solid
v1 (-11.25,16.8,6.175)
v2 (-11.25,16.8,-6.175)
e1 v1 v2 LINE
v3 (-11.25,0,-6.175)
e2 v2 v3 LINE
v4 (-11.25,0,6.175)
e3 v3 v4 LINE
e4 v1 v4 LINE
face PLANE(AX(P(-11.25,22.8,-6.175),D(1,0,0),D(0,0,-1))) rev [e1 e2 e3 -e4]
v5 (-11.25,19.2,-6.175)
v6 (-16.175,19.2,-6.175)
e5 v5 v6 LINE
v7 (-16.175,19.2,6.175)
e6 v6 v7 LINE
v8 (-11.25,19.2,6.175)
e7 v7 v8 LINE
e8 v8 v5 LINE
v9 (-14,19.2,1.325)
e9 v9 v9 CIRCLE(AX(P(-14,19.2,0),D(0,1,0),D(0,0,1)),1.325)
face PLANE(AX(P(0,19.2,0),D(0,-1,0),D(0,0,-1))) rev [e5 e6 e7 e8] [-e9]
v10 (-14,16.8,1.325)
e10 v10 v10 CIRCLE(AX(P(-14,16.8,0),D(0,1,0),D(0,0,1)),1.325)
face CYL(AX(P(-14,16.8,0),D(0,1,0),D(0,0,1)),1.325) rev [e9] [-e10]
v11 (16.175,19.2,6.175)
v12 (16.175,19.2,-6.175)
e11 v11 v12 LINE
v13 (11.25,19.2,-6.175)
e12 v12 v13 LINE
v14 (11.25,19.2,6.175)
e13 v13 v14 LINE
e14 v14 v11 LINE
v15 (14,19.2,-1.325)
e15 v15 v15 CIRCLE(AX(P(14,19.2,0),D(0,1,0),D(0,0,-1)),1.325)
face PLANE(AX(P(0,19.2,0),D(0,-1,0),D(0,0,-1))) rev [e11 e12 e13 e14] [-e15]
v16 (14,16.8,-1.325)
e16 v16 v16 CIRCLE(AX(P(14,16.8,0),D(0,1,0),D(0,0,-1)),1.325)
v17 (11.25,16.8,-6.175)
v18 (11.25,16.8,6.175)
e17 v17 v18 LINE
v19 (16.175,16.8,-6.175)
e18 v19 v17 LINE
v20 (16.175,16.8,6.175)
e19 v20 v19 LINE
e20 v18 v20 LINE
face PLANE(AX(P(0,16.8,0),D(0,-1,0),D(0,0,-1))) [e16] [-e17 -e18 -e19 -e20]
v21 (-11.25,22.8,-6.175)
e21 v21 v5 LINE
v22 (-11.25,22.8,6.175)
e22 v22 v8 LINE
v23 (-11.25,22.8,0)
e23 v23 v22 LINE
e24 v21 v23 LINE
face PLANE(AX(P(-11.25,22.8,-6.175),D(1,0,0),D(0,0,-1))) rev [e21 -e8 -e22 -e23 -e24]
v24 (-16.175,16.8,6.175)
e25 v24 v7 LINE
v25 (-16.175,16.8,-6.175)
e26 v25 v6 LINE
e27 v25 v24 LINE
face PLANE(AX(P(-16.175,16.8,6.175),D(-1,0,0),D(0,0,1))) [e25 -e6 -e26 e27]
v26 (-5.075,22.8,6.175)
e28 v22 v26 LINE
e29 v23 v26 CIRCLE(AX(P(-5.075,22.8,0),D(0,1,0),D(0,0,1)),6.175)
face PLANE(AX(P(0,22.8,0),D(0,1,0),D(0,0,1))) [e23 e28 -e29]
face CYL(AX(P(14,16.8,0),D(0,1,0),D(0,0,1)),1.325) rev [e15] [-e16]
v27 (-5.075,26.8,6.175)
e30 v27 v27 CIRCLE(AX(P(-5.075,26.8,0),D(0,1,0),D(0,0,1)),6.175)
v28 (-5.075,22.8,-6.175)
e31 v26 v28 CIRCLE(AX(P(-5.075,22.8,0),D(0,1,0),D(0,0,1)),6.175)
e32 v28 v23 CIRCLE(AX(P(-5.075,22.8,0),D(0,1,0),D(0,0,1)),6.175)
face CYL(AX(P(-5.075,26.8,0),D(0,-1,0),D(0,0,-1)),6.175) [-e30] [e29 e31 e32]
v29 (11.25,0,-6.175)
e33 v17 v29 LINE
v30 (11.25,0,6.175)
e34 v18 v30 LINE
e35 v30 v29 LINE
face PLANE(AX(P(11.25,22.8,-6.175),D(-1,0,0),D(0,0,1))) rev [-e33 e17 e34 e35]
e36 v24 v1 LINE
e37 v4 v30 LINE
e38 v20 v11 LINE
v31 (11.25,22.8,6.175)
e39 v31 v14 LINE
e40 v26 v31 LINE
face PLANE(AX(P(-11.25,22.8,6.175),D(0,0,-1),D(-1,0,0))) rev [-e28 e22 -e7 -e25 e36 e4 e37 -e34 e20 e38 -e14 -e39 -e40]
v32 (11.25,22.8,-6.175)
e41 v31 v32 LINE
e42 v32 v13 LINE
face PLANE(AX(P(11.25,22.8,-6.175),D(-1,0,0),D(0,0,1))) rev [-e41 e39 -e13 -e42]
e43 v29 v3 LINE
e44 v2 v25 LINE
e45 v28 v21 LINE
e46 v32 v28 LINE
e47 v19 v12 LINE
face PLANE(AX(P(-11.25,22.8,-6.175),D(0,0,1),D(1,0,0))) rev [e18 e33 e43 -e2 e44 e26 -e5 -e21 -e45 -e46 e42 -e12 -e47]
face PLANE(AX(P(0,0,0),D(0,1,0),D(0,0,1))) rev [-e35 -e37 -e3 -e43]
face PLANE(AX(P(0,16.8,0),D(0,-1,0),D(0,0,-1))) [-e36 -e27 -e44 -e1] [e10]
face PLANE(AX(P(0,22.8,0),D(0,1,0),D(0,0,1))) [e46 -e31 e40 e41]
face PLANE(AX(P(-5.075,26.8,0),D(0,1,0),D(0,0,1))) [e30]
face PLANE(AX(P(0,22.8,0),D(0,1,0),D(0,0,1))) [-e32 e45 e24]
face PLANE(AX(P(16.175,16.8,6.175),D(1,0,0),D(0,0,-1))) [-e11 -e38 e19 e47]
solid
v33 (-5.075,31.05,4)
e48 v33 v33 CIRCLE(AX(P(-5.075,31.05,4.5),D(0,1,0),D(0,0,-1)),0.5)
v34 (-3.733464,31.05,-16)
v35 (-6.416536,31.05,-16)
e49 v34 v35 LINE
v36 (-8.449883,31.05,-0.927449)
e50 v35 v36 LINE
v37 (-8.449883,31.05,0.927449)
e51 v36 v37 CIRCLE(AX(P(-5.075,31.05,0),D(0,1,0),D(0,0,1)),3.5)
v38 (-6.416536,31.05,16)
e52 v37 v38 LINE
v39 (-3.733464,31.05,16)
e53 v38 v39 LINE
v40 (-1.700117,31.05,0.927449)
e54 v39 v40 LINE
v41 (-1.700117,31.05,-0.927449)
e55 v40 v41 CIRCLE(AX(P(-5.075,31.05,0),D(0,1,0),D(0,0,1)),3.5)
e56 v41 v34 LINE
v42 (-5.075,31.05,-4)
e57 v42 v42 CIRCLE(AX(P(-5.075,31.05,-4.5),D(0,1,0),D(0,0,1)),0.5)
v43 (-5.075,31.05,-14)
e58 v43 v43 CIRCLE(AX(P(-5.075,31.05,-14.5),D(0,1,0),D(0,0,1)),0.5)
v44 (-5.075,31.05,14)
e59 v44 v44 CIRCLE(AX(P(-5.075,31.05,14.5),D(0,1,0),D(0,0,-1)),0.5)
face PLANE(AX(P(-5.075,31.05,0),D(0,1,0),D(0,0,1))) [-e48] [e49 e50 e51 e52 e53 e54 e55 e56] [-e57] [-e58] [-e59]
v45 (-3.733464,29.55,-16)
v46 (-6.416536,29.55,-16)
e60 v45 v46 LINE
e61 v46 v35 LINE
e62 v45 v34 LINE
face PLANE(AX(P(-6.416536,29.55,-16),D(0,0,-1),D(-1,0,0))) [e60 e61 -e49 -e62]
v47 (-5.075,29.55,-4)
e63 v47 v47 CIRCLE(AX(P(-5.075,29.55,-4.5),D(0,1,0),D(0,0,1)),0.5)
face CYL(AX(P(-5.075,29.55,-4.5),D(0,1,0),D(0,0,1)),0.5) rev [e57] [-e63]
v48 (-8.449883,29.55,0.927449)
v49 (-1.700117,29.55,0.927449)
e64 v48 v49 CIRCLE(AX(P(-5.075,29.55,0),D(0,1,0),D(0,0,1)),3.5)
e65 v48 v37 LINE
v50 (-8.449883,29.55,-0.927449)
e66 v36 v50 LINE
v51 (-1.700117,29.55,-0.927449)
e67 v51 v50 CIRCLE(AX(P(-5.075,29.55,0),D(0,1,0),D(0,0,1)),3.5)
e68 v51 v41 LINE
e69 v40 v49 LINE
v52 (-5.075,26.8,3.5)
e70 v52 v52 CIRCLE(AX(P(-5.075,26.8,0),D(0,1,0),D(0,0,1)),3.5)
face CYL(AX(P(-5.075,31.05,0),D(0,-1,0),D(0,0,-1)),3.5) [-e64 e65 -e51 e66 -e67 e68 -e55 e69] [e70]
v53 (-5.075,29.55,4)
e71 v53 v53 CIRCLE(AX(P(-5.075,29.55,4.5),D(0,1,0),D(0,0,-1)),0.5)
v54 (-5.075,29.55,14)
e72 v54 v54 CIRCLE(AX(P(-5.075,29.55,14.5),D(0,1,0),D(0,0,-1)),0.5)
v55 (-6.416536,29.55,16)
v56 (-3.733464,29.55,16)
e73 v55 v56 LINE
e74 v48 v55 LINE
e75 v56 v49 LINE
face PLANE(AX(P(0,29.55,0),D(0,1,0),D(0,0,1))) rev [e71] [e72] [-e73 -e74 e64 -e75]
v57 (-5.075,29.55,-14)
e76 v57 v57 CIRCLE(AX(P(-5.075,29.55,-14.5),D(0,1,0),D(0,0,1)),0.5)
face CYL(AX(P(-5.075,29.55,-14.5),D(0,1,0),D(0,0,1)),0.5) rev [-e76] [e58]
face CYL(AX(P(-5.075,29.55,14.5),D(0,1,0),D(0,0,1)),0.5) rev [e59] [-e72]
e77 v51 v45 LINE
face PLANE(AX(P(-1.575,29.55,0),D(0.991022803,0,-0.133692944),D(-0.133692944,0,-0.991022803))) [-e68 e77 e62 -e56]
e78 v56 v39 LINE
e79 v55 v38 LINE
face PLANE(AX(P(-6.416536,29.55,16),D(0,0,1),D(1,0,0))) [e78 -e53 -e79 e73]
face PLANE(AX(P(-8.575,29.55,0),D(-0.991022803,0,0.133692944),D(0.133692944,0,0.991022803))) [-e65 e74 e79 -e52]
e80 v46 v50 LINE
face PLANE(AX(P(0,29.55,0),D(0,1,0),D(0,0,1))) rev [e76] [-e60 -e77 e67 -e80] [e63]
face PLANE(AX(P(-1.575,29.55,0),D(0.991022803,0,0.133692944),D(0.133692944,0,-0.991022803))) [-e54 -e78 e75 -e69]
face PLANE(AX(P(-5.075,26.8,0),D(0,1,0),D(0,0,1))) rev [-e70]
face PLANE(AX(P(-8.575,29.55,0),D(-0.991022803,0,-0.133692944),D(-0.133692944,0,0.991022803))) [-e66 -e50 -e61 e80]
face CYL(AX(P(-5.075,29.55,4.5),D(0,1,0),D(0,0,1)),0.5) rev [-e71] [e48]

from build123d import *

# Parameters (mm, degrees)
SKETCH_1_W      = 22.5
SKETCH_1_H      = 12.35
EXTRUDE_1_DEPTH = 22.8
EXTRUDE_START   = -3.6
SKETCH_2_W      = 32.35
SKETCH_2_H      = 12.35
SKETCH_2_R      = 1.325
EXTRUDE_2_DEPTH = 2.4
SKETCH_3_R      = 6.175
EXTRUDE_3_DEPTH = 4
SKETCH_4_R      = 3.5
EXTRUDE_4_DEPTH = 4.25
SKETCH_5_R      = 0.5
EXTRUDE_5_DEPTH = 1.5


with BuildPart() as part:
    # 草图1 → 凸台-拉伸1 (new body)
    with BuildSketch(Plane(origin=(0, 0, 0), x_dir=(1, 0, 0), z_dir=(0, 1, 0))):
        Rectangle(SKETCH_1_W, SKETCH_1_H)
    extrude(amount=EXTRUDE_1_DEPTH)

    # 草图2 → 凸台-拉伸2 (add)
    with BuildSketch(Plane(origin=(0, 22.8, 0), x_dir=(1, 0, 0), z_dir=(0, 1, 0)).offset(EXTRUDE_START)):
        Rectangle(SKETCH_2_W, SKETCH_2_H)
        with Locations(Location((-14, 0, 0), (0, 0, 270))):
            Circle(SKETCH_2_R, mode=Mode.SUBTRACT)
        with Locations(Location((14, 0, 0), (0, 0, 90))):
            Circle(SKETCH_2_R, mode=Mode.SUBTRACT)
    extrude(amount=-EXTRUDE_2_DEPTH)

    # 草图3 → 凸台-拉伸3 (add)
    with BuildSketch(Plane(origin=(0, 22.8, 0), x_dir=(1, 0, 0), z_dir=(0, 1, 0))):
        with Locations(Location((-5.075, 0, 0), (0, 0, 270))):
            Circle(SKETCH_3_R)
    extrude(amount=EXTRUDE_3_DEPTH)


with BuildPart() as body_2:
    # 草图4 → 凸台-拉伸4 (new body)
    with BuildSketch(Plane(origin=(0, 26.8, 0), x_dir=(1, 0, 0), z_dir=(0, 1, 0))):
        with Locations(Location((-5.075, 0, 0), (0, 0, 270))):
            Circle(SKETCH_4_R)
    extrude(amount=EXTRUDE_4_DEPTH)

    # 草图5 → 凸台-拉伸5 (add)
    with BuildSketch(Plane(origin=(0, 31.05, 0), x_dir=(1, 0, 0), z_dir=(0, 1, 0))):
        Polygon((-8.575, 0), (-6.416535944, 16), (-3.733464056, 16), (-1.575, 0), (-3.733464056, -16), (-6.416535944, -16), align=None)
        with Locations(Location((-5.075, 14.5, 0), (0, 0, 270))):
            Circle(SKETCH_5_R, mode=Mode.SUBTRACT)
        with Locations(Location((-5.075, 4.5, 0), (0, 0, 270))):
            Circle(SKETCH_5_R, mode=Mode.SUBTRACT)
        with Locations(Location((-5.075, -4.5, 0), (0, 0, 90))):
            Circle(SKETCH_5_R, mode=Mode.SUBTRACT)
        with Locations(Location((-5.075, -14.5, 0), (0, 0, 90))):
            Circle(SKETCH_5_R, mode=Mode.SUBTRACT)
    extrude(amount=-EXTRUDE_5_DEPTH)


solid = Compound([part.part, body_2.part])
